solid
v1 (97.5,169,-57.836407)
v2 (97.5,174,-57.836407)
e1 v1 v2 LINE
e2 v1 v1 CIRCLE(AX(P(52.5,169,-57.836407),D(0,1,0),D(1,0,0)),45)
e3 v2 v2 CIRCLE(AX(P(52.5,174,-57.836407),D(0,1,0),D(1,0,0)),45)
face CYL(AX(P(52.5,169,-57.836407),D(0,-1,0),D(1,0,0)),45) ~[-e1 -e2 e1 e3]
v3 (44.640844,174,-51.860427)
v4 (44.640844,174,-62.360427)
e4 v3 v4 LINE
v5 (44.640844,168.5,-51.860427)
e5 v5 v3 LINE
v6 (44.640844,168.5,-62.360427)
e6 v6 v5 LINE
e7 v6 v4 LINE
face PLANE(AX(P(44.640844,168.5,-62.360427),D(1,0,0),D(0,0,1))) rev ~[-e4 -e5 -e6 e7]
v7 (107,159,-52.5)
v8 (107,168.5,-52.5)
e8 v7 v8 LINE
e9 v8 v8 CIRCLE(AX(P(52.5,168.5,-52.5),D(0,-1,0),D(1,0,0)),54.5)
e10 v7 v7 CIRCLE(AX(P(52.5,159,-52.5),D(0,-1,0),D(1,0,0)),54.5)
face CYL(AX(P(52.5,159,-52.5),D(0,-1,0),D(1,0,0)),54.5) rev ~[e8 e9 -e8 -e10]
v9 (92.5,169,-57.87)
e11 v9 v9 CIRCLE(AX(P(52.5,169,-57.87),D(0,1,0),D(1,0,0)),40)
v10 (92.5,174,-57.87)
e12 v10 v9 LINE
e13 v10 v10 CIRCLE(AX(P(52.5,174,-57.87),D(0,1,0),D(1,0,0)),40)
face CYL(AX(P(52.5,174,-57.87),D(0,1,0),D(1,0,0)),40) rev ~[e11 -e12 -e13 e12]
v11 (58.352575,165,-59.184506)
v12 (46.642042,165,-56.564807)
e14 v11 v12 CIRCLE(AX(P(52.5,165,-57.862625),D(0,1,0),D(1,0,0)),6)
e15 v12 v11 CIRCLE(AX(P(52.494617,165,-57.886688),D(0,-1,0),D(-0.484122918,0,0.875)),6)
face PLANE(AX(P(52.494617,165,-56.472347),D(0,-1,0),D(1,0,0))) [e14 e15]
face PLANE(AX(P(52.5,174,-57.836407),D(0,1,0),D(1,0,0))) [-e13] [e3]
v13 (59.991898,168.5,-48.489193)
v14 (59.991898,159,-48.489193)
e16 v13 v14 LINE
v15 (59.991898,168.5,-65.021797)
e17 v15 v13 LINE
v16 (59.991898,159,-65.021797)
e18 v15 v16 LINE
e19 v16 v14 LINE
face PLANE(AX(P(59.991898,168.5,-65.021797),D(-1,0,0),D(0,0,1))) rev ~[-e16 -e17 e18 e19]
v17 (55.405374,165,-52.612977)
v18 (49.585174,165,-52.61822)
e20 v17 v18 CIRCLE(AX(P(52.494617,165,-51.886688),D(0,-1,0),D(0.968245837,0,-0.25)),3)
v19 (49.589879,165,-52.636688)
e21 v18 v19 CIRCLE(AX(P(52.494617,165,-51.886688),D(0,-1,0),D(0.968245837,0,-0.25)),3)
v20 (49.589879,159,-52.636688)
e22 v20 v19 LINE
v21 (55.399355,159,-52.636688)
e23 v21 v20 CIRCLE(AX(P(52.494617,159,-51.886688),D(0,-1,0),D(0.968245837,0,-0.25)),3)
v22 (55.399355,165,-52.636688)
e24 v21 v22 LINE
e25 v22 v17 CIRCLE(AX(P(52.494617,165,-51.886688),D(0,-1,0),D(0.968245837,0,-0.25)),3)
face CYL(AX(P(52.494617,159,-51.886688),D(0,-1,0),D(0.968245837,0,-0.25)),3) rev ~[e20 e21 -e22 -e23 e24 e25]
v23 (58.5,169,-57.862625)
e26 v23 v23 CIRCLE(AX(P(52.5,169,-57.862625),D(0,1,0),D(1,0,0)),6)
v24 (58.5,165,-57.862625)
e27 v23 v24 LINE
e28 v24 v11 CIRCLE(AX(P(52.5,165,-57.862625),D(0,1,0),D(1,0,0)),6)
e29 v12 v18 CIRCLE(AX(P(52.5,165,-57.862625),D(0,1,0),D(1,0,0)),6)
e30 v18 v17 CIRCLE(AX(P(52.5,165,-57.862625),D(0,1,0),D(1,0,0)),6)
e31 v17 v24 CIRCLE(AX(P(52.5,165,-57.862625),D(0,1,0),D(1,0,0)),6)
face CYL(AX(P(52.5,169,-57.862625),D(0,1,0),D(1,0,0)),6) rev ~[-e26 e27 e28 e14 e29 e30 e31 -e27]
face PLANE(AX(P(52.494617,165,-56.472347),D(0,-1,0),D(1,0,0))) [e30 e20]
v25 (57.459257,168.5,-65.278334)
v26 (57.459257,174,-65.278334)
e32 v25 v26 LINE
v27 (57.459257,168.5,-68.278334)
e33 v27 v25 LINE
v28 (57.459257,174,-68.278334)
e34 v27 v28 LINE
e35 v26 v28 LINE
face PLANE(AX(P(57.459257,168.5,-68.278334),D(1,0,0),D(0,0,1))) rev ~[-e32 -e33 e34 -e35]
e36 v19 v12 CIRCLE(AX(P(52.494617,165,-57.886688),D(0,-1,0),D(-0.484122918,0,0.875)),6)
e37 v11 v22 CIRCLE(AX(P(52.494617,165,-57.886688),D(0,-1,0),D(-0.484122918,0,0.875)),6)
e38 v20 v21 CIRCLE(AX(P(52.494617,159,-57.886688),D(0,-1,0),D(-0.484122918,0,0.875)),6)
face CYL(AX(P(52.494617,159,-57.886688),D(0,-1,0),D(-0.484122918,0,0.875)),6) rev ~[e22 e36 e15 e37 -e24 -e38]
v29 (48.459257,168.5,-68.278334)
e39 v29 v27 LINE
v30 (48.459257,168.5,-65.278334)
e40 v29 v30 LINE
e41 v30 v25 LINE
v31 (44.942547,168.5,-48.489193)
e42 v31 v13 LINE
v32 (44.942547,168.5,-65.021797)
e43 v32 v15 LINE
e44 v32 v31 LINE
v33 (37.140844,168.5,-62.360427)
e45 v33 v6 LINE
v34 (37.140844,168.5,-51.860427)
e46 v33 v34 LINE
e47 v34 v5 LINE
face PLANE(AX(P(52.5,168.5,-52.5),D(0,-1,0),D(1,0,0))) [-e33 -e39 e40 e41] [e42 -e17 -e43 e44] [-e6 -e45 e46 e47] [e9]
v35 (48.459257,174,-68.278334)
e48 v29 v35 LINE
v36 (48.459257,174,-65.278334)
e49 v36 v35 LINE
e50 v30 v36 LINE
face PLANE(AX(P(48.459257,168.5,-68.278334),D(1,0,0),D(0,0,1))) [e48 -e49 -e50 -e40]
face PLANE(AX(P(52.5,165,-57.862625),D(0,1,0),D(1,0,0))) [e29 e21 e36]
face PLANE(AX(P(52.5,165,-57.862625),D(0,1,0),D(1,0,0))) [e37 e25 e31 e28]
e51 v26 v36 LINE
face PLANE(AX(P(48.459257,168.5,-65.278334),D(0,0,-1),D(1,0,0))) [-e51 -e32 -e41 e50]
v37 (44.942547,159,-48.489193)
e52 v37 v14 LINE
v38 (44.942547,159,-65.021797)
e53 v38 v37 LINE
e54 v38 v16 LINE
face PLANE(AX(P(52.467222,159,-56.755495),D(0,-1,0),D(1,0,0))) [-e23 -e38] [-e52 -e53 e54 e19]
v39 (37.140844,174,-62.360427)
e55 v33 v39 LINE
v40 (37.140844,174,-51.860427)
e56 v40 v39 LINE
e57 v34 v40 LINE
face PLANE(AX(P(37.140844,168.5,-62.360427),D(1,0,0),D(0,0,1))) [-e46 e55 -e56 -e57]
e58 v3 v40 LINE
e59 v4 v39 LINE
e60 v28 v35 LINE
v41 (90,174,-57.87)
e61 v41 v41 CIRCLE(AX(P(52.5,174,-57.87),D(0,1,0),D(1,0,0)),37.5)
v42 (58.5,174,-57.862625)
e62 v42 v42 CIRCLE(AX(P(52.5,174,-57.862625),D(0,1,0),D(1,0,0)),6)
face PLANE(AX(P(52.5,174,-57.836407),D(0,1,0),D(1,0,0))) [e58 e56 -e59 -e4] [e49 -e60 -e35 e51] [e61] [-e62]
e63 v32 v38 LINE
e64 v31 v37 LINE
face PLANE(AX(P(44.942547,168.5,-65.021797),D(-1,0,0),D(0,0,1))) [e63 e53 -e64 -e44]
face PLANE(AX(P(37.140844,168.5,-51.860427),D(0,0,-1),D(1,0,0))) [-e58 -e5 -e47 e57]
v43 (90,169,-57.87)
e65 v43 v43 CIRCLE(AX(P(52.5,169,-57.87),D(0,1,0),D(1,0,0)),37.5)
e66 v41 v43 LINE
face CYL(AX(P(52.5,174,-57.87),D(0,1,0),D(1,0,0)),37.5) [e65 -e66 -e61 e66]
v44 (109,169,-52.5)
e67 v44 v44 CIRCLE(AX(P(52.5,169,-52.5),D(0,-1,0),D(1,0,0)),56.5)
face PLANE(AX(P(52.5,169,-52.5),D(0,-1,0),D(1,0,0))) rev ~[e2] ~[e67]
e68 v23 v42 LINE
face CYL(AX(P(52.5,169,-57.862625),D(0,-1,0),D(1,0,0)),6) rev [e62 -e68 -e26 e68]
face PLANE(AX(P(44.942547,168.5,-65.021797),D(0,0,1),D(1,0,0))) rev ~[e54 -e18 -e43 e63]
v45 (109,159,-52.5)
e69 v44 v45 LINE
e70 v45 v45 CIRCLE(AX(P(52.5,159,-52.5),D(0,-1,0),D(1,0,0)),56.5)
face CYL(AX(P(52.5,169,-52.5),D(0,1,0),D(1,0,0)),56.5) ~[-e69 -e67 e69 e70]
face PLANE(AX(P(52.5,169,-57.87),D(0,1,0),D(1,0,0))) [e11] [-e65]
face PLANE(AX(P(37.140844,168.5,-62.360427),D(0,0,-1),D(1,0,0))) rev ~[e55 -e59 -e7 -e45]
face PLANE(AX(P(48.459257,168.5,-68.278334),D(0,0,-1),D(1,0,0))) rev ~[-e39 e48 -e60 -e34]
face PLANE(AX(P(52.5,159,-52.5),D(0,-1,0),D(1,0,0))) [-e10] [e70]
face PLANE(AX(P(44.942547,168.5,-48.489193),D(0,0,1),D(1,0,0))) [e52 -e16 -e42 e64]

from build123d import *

# Parameters (mm, degrees)
SKETCH075_R          = 56.5
PAD033_DEPTH         = 10
SKETCH076_R          = 54.5
POCKET035_DEPTH      = 9.5
SKETCH078_W          = 15.049351
SKETCH078_H          = 16.532604
PAD034_DEPTH         = 9.5
POCKET037_DEPTH      = 6
SKETCH081_R          = 2.355
POCKET038_DEPTH      = 6
SKETCH083_R          = 45
PAD035_DEPTH         = 5
SKETCH082_R          = 6
POCKET039_DEPTH      = 4
POCKET039_DEPTH_BACK = 5
SKETCH084_R          = 40
SKETCH084_R_2        = 37.5
POCKET040_DEPTH      = 5
SKETCH085_W          = 7.5
SKETCH085_H          = 10.5
SKETCH085_W_2        = 9
SKETCH085_H_2        = 3
POCKET041_DEPTH      = 5.501


with BuildPart() as part:
    # Sketch075 → Pad033 (new body)
    with BuildSketch(Plane.XZ):
        with Locations((52.5, -52.5)):
            Circle(SKETCH075_R)
    extrude(amount=PAD033_DEPTH)

    # Sketch076 (on Face3 of Pad033) → Pocket035 (cut)
    with BuildSketch(Plane.XZ.offset(10)):
        with Locations((52.5, -52.5)):
            Circle(SKETCH076_R)
    extrude(amount=-POCKET035_DEPTH, mode=Mode.SUBTRACT)

    # Sketch078 (on Face5 of Pocket035) → Pad034 (join)
    with BuildSketch(Plane.XZ.offset(0.5)):
        with Locations((52.4672225, -56.755495)):
            Rectangle(SKETCH078_W, SKETCH078_H)
    extrude(amount=PAD034_DEPTH)

    # Sketch080 (on Face10 of Pad034) → Pocket037 (cut)
    with BuildSketch(Plane.XZ.offset(10)):
        with BuildLine():
            ThreePointArc((49.5898794903, -52.636688), (52.494617, -63.886688), (55.3993545097, -52.636688))
            ThreePointArc((55.3993545097, -52.636688), (52.494617, -48.886688), (49.5898794903, -52.636688))
        make_face()
    extrude(amount=-POCKET037_DEPTH, mode=Mode.SUBTRACT)

    # Sketch081 (on Face13 of Pocket037) → Pocket038 (cut)
    with BuildSketch(Plane.XZ.offset(4)):
        with Locations((52.5, -57.86)):
            Circle(SKETCH081_R)
    extrude(amount=-POCKET038_DEPTH, mode=Mode.SUBTRACT)

    # Sketch083 (on Face2 of Pocket039) → Pad035 (join)
    with BuildSketch(Plane(origin=(0, 0, 0), x_dir=(1, 0, 0), z_dir=(0, 1, 0))):
        with Locations((52.5, 57.836407)):
            Circle(SKETCH083_R)
    extrude(amount=PAD035_DEPTH)

    # Sketch082 (on Face2 of Pocket038) → Pocket039 (cut, two sides)
    with BuildSketch(Plane(origin=(0, 0, 0), x_dir=(1, 0, 0), z_dir=(0, 1, 0))) as pocket039_sk:
        with Locations((52.5, 57.862625)):
            Circle(SKETCH082_R)
    extrude(amount=-POCKET039_DEPTH, mode=Mode.SUBTRACT)
    extrude(pocket039_sk.sketch, amount=POCKET039_DEPTH_BACK, mode=Mode.SUBTRACT)

    # Sketch084 (on Face6 of Pocket039) → Pocket040 (cut)
    with BuildSketch(Plane(origin=(0, 5, 0), x_dir=(1, 0, 0), z_dir=(0, 1, 0))):
        with Locations((52.5, 57.87)):
            Circle(SKETCH084_R)
        with Locations((52.5, 57.87)):
            Circle(SKETCH084_R_2, mode=Mode.SUBTRACT)
    extrude(amount=-POCKET040_DEPTH, mode=Mode.SUBTRACT)

    # Sketch085 (on Face7 of Pocket040) → Pocket041 (cut, through all)
    with BuildSketch(Plane.XZ.offset(0.5)):
        with Locations((40.8908443219, -57.1104271845)):
            Rectangle(SKETCH085_W, SKETCH085_H)
        with Locations((52.9592567125, -66.7783337125)):
            Rectangle(SKETCH085_W_2, SKETCH085_H_2)
    extrude(amount=-POCKET041_DEPTH, mode=Mode.SUBTRACT)


with BuildPart() as part_1:
    # Body010 placement: moved
    add(part.part.moved(Location((0, 169, 0))))


solid = part_1.part
